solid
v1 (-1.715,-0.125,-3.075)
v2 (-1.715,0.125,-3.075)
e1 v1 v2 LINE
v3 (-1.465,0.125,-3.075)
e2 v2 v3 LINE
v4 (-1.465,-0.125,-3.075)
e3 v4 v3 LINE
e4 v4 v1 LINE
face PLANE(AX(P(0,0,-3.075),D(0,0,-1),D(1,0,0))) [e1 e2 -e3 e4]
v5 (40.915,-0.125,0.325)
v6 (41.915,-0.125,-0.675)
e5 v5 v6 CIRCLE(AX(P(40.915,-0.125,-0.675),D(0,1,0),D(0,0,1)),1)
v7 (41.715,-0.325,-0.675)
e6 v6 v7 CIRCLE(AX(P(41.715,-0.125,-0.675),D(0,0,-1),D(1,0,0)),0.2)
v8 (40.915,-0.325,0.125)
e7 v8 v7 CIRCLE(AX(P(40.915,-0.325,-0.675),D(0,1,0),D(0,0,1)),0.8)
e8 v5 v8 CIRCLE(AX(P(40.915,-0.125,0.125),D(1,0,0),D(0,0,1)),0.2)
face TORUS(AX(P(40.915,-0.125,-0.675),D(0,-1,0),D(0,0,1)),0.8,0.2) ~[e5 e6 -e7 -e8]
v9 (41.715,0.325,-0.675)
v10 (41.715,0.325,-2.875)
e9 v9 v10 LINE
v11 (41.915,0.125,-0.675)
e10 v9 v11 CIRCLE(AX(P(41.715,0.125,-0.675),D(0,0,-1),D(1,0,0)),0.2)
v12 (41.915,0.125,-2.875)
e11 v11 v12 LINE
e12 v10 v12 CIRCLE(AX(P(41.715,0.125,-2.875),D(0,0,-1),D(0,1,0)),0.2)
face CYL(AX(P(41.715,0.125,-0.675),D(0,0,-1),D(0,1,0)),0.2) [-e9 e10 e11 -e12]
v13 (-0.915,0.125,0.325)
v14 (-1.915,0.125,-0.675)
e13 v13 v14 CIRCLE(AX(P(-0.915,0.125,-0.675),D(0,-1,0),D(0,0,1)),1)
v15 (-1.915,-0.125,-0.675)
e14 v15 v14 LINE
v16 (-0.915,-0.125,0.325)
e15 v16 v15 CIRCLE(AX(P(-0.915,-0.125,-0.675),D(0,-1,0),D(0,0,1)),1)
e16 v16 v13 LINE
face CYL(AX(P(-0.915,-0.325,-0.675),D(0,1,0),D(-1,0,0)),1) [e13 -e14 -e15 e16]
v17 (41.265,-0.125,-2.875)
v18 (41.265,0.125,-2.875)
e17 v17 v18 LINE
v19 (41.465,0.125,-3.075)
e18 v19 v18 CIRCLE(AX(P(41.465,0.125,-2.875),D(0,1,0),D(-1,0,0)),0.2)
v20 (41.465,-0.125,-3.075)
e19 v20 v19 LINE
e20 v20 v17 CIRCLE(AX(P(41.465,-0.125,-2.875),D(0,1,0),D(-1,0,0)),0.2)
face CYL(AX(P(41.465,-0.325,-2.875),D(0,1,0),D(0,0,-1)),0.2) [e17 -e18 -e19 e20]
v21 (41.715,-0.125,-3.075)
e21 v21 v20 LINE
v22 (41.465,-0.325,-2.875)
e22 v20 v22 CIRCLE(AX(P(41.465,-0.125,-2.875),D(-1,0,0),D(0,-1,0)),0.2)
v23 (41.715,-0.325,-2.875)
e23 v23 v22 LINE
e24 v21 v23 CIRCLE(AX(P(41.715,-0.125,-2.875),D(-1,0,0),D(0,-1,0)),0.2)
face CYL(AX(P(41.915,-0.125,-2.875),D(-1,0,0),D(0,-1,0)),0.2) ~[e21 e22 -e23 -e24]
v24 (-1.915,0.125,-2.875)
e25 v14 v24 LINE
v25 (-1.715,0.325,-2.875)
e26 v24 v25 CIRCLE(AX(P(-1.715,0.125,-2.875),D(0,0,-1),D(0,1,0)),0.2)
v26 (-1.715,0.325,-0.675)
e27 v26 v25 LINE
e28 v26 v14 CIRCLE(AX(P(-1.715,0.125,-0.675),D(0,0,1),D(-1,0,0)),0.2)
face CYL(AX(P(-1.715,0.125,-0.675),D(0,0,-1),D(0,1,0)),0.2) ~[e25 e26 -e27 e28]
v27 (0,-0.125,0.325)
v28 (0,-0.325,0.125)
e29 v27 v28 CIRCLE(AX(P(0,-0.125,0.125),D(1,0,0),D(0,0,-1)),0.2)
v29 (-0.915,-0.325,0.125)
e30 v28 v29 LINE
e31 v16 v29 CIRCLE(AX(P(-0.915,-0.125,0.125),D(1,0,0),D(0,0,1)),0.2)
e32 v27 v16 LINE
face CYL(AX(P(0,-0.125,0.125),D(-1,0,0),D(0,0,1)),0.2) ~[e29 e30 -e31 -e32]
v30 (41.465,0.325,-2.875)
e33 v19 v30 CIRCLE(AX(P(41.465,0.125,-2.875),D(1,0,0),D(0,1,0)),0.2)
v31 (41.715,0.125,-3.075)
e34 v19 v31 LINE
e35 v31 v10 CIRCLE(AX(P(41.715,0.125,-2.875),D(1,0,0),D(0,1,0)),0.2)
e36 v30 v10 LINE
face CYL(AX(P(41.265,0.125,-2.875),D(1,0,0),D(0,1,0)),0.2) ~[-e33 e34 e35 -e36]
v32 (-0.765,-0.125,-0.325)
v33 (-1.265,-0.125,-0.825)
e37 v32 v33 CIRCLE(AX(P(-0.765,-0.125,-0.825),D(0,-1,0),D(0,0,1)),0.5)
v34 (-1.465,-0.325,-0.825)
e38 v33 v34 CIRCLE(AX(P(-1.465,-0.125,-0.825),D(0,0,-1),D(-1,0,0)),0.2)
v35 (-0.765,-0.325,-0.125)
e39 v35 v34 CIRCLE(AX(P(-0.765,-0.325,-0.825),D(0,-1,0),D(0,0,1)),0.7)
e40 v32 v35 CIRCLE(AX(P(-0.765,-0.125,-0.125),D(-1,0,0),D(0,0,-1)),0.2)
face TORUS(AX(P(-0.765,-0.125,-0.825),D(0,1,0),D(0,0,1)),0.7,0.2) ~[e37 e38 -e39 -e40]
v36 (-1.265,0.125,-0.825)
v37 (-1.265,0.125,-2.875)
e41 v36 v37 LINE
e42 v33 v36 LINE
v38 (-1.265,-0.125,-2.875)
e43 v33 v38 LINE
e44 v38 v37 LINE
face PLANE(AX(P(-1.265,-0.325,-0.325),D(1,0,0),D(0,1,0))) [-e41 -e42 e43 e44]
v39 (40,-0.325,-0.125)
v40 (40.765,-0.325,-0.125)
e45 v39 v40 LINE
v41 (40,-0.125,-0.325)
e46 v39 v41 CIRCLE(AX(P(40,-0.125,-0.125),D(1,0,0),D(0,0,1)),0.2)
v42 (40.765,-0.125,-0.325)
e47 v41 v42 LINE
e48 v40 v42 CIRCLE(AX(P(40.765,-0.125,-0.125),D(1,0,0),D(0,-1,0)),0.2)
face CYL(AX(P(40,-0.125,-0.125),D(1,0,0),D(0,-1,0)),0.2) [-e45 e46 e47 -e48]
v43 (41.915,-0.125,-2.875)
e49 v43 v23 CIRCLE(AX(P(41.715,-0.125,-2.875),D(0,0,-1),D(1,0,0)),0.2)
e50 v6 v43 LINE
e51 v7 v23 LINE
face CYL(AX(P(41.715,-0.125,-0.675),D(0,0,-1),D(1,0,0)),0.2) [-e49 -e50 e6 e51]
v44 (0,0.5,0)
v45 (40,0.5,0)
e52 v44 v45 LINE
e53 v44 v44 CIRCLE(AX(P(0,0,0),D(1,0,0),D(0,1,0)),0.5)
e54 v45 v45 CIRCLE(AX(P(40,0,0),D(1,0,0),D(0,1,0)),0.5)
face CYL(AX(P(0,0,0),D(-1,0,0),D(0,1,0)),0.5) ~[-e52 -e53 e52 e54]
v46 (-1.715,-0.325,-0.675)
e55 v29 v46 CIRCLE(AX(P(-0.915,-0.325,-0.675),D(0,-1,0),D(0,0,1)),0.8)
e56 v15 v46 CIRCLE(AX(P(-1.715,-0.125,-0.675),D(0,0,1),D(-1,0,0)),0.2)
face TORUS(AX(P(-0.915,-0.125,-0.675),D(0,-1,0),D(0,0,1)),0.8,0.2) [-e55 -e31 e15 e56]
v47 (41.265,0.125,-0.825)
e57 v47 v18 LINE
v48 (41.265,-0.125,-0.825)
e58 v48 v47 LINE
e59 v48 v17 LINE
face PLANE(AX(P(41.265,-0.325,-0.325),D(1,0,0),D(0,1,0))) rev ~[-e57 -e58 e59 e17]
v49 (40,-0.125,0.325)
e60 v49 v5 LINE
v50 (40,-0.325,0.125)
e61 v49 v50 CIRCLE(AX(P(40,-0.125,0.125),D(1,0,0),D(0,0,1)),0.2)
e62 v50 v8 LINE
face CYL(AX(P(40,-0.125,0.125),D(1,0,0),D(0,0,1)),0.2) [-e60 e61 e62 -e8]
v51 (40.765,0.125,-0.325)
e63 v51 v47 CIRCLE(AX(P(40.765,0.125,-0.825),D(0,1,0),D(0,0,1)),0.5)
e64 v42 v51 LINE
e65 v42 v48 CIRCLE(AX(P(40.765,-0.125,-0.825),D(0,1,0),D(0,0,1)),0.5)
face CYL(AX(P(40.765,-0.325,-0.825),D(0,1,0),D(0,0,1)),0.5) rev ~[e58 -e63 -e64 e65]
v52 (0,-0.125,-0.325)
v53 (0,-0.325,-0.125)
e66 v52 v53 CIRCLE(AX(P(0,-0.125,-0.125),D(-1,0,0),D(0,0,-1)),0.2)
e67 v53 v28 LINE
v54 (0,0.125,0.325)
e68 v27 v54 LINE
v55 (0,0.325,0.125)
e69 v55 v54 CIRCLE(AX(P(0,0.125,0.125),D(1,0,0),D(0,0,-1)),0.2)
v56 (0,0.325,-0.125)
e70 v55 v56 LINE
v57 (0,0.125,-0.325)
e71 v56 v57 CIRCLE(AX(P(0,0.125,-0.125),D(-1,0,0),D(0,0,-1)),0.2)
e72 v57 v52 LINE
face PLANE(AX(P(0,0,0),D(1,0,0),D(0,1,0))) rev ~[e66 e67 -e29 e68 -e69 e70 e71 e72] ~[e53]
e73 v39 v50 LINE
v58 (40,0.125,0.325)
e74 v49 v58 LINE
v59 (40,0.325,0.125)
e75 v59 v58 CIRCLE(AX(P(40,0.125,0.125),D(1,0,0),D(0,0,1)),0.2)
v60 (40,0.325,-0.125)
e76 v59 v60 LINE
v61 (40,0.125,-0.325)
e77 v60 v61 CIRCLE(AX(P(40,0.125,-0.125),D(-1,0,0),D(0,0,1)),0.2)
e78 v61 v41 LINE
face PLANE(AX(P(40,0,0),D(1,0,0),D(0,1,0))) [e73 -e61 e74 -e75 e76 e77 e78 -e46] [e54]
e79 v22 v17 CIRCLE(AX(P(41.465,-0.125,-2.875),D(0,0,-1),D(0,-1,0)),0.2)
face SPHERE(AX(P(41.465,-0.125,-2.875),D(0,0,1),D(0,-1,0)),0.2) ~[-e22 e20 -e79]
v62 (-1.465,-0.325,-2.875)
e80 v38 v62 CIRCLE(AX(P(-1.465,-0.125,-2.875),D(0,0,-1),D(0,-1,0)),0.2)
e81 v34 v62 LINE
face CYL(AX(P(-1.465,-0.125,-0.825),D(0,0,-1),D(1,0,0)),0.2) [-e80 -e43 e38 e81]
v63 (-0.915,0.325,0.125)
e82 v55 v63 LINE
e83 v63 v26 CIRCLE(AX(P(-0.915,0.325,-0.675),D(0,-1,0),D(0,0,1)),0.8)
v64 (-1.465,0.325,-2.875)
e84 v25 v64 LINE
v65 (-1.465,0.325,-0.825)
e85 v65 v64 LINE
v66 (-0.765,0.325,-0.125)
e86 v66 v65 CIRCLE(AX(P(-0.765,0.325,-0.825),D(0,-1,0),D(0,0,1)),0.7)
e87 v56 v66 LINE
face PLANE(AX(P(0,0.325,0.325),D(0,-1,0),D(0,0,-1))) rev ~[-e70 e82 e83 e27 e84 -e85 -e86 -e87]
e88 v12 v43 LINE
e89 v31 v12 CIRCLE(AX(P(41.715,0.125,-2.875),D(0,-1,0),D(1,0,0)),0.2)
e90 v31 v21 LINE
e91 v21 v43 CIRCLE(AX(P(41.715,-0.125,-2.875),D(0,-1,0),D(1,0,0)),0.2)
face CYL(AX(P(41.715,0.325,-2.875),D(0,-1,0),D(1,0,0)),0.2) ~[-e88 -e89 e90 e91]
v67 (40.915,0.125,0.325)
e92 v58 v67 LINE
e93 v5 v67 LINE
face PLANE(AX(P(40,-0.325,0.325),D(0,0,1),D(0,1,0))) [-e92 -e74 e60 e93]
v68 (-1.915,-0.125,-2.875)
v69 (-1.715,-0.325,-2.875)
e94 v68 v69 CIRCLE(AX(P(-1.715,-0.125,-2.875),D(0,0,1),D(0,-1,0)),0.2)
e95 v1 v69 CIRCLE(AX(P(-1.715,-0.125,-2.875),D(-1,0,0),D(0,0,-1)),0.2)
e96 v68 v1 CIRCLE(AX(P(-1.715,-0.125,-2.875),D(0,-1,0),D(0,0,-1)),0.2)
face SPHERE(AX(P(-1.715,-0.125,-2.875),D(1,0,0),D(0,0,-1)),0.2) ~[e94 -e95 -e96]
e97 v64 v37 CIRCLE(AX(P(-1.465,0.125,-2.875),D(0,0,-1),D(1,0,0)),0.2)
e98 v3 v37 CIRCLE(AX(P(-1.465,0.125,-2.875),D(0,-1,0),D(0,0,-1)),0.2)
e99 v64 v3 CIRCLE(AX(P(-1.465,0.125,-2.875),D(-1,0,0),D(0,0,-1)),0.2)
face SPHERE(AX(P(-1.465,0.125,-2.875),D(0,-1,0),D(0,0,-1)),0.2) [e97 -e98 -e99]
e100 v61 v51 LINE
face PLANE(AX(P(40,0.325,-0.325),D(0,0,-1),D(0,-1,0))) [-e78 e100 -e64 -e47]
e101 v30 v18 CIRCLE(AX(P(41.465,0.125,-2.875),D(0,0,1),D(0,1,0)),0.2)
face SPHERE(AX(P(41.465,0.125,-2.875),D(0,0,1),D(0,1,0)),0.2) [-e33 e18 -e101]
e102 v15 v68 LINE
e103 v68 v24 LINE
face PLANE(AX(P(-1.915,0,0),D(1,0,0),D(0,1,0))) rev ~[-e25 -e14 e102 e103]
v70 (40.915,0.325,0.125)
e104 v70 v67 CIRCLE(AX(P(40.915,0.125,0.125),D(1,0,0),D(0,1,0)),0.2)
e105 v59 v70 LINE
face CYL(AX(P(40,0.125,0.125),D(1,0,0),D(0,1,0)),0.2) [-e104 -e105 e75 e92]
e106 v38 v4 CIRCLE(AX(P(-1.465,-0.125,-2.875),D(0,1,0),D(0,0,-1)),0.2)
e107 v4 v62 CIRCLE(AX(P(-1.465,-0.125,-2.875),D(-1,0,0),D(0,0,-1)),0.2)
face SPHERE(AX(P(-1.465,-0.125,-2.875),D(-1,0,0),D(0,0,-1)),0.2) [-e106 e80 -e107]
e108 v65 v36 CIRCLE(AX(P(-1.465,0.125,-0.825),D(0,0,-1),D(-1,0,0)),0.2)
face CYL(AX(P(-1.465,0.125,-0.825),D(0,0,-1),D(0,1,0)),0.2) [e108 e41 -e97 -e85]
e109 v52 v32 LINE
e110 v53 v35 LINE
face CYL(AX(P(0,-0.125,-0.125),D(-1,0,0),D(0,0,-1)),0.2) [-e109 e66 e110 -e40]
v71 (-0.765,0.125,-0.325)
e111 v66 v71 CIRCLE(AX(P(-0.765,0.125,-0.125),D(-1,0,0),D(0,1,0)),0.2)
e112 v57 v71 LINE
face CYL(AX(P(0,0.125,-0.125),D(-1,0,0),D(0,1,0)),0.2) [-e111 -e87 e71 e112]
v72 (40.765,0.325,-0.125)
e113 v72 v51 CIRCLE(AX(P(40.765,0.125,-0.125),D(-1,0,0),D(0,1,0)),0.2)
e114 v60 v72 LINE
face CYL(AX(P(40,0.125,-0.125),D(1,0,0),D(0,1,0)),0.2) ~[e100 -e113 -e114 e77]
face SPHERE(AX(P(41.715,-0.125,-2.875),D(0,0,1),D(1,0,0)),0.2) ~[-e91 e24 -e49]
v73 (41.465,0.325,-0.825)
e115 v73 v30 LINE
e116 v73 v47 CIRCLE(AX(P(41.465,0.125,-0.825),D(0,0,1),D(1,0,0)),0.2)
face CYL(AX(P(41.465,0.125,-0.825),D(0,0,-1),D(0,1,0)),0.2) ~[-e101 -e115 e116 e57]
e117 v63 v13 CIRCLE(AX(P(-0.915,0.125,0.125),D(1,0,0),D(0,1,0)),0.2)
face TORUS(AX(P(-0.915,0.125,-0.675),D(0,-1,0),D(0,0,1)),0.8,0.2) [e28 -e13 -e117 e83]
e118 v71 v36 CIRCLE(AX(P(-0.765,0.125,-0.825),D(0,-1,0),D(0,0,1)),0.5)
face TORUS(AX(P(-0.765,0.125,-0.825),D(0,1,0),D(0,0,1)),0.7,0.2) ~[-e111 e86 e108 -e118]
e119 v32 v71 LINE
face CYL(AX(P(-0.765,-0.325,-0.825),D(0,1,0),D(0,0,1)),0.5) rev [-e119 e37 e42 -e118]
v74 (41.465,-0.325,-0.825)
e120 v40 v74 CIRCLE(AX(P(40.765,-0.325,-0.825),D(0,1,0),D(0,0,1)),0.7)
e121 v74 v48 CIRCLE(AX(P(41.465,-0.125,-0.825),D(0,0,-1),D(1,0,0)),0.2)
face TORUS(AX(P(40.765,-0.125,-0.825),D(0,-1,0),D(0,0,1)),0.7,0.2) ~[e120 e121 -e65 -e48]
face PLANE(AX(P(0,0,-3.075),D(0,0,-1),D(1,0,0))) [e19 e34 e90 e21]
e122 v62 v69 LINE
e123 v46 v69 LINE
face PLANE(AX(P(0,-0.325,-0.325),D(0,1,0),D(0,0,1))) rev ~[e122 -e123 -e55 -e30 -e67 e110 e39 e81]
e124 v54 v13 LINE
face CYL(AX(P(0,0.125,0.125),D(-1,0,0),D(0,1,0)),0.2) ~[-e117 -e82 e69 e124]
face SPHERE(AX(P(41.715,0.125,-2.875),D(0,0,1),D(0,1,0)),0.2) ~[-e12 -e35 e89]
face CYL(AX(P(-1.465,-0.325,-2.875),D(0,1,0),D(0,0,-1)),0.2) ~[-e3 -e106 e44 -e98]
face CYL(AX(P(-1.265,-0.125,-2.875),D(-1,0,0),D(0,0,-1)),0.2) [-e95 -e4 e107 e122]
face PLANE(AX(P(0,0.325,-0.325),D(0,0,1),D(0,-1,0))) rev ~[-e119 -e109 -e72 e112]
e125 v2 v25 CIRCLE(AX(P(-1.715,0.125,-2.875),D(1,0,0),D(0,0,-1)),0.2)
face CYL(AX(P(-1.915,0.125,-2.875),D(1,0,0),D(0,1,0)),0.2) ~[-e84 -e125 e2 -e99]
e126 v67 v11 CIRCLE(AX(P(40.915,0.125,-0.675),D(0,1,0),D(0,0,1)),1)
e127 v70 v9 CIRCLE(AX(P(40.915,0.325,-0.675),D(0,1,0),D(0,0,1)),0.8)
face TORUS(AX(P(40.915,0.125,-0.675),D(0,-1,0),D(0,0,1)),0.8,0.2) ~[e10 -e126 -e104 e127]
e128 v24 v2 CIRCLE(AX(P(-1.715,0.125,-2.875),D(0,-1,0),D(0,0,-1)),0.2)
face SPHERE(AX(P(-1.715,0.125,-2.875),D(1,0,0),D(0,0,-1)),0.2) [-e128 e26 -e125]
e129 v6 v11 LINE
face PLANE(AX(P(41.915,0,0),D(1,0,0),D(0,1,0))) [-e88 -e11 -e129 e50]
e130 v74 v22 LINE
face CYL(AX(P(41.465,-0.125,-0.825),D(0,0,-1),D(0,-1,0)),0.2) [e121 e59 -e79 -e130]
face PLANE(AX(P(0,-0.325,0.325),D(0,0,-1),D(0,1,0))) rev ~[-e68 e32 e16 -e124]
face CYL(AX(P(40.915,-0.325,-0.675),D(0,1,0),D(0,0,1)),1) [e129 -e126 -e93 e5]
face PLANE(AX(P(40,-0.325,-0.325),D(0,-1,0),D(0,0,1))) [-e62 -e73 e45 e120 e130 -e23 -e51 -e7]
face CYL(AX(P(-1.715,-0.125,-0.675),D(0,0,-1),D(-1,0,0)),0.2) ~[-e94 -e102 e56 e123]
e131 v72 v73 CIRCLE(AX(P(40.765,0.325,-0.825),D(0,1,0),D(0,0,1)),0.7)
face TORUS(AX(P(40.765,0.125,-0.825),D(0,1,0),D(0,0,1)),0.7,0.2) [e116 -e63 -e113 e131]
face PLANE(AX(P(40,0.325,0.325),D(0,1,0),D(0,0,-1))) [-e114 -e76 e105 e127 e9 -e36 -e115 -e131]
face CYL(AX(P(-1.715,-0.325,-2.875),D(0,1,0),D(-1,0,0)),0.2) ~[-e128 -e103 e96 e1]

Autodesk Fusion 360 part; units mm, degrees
sketch "Sketch1" plane through (0, 0, 0) normal (1, 0, 0) x (0, 1, 0)
  circle A0 centre (0, 0) radius 0.5
  line L0 (0.325, -0.325) -> (-0.325, -0.325)
  line L1 (-0.325, -0.325) -> (-0.325, 0.325)
  line L2 (-0.325, 0.325) -> (0.325, 0.325)
  line L3 (0.325, 0.325) -> (0.325, -0.325)
  line L4 (0.325, -0.325) -> (-0.325, 0.325) construction
  line L5 (-0.325, -0.325) -> (0.325, 0.325) construction
  dimension "d1" = 1
  dimension "d2" = 0.65
  dimension "d3" = 0.65
extrude "Extrude1" add sketch "Sketch1" along normal blind 40 contours A0 | L0 L1 L2 L3
sketch "Sketch2" plane through (40, 0, 0) normal (1, 0, 0) x (0, 1, 0)
  circle A0 centre (0, 0) radius 0.5
  line L0 (0.325, -0.325) -> (-0.325, -0.325)
  line L1 (-0.325, -0.325) -> (-0.325, 0.325)
  line L2 (-0.325, 0.325) -> (0.325, 0.325)
  line L3 (0.325, 0.325) -> (0.325, -0.325)
  line L4 (0.325, -0.325) -> (-0.325, 0.325) construction
  line L5 (-0.325, -0.325) -> (0.325, 0.325) construction
  dimension "d8" = 0.65
  dimension "d9" = 0.65
extrude "Extrude2" add sketch "Sketch2" along normal blind 1.915 contours L0 L1 L2 L3
extrude "Extrude3" add sketch "Sketch1" against normal blind 1.915 contours L0 L1 L2 L3
sketch "Sketch3" plane through (0, 0, -0.325) normal (0, 0, -1) x (1, 0, 0)
  line L0 (40, 0.325) -> (40, -0.325)
  line L1 (40, -0.325) -> (41.915, -0.325)
  line L2 (41.915, -0.325) -> (41.915, 0.325)
  line L3 (41.915, 0.325) -> (40, 0.325)
  line L4 (41.915, 0.325) -> (41.265, 0.325)
  line L5 (41.265, 0.325) -> (41.265, -0.325)
  line L6 (41.265, -0.325) -> (41.915, -0.325)
  line L7 (41.915, -0.325) -> (41.915, 0.325)
  line L8 (41.915, 0.325) -> (41.265, -0.325) construction
  line L9 (41.265, 0.325) -> (41.915, -0.325) construction
  point P0 (41.59, 0)
  dimension "d14" = 0.65
  dimension "d15" = 0.65
sketch "Sketch4" plane through (0, 0, -0.325) normal (0, 0, -1) x (1, 0, 0)
  line L0 (0, -0.325) -> (0, 0.325)
  line L1 (0, 0.325) -> (-1.915, 0.325)
  line L2 (-1.915, 0.325) -> (-1.915, -0.325)
  line L3 (-1.915, -0.325) -> (0, -0.325)
  line L4 (-1.265, -0.325) -> (-1.915, -0.325)
  line L5 (-1.915, -0.325) -> (-1.915, 0.325)
  line L6 (-1.915, 0.325) -> (-1.265, 0.325)
  line L7 (-1.265, 0.325) -> (-1.265, -0.325)
  line L8 (-1.265, -0.325) -> (-1.915, 0.325) construction
  line L9 (-1.915, -0.325) -> (-1.265, 0.325) construction
  point P0 (-1.59, 0)
  dimension "d17" = 0.65
  dimension "d18" = 0.65
extrude "Extrude4" add sketch "Sketch4" sketch "Sketch3" along normal blind 2.75 contours L1 L2 L3 L4 L5 L6 L7 of sketch 2 contours L1 L2 L3 L4 L5 L6 L7
fillet "Fillet1" radius 0.5 2 edges at (-1.265, 0, -0.325) (41.265, 0, -0.325)
fillet "Fillet2" radius 1 2 edges at (-1.915, 0, 0.325) (41.915, 0, 0.325)
fillet "Fillet3" radius 0.2 28 edges at (-1.59, -0.325, -3.075) (-1.265, 0, -3.075) (-1.59, 0.325, -3.075) (-1.915, 0, -3.075) (-1.1186, -0.325, -0.4714) (-1.265, -0.325, -1.95) (-0.4575, -0.325, 0.325) (-1.6221, -0.325, 0.0321) (-1.915, -0.325, -1.875) (-0.4575, 0.325, 0.325) (-1.6221, 0.325, 0.0321) (-1.915, 0.325, -1.875) (-1.1186, 0.325, -0.4714) (-1.265, 0.325, -1.95) (40.4575, -0.325, 0.325) (41.6221, -0.325, 0.0321) (41.915, -0.325, -1.875) (41.265, -0.325, -1.95) (41.1186, -0.325, -0.4714) (41.915, 0.325, -1.875) (41.6221, 0.325, 0.0321) (40.4575, 0.325, 0.325) (41.1186, 0.325, -0.4714) (41.265, 0.325, -1.95) (41.59, 0.325, -3.075) (41.915, 0, -3.075) (41.59, -0.325, -3.075) (41.265, 0, -3.075)
equation "d1 = width"
equation "d2 = d3"
equation "d3 = d1 * 0.65"
equation "width = 1 mm"
equation "baseLenght = 40 mm"
equation "d6 = baseLenght"
equation "d8 = width * 0.65"
equation "d9 = d8"
equation "d10 = ( ( 2.54 * ceil(( baseLenght + 1.3 * width ) / 2.54 mm) ) * 1 mm + 0.65 * width - baseLenght ) / 2"
equation "d12 = -( ( 2.54 * ceil(( baseLenght + 1.3 * width ) / 2.54 mm) ) * 1 mm + 0.65 * width - baseLenght ) / 2"
equation "d14 = width * 0.65"
equation "d15 = d14"
equation "d17 = width * 0.65"
equation "d18 = d17"
equation "d26 = 0.2 * width"
